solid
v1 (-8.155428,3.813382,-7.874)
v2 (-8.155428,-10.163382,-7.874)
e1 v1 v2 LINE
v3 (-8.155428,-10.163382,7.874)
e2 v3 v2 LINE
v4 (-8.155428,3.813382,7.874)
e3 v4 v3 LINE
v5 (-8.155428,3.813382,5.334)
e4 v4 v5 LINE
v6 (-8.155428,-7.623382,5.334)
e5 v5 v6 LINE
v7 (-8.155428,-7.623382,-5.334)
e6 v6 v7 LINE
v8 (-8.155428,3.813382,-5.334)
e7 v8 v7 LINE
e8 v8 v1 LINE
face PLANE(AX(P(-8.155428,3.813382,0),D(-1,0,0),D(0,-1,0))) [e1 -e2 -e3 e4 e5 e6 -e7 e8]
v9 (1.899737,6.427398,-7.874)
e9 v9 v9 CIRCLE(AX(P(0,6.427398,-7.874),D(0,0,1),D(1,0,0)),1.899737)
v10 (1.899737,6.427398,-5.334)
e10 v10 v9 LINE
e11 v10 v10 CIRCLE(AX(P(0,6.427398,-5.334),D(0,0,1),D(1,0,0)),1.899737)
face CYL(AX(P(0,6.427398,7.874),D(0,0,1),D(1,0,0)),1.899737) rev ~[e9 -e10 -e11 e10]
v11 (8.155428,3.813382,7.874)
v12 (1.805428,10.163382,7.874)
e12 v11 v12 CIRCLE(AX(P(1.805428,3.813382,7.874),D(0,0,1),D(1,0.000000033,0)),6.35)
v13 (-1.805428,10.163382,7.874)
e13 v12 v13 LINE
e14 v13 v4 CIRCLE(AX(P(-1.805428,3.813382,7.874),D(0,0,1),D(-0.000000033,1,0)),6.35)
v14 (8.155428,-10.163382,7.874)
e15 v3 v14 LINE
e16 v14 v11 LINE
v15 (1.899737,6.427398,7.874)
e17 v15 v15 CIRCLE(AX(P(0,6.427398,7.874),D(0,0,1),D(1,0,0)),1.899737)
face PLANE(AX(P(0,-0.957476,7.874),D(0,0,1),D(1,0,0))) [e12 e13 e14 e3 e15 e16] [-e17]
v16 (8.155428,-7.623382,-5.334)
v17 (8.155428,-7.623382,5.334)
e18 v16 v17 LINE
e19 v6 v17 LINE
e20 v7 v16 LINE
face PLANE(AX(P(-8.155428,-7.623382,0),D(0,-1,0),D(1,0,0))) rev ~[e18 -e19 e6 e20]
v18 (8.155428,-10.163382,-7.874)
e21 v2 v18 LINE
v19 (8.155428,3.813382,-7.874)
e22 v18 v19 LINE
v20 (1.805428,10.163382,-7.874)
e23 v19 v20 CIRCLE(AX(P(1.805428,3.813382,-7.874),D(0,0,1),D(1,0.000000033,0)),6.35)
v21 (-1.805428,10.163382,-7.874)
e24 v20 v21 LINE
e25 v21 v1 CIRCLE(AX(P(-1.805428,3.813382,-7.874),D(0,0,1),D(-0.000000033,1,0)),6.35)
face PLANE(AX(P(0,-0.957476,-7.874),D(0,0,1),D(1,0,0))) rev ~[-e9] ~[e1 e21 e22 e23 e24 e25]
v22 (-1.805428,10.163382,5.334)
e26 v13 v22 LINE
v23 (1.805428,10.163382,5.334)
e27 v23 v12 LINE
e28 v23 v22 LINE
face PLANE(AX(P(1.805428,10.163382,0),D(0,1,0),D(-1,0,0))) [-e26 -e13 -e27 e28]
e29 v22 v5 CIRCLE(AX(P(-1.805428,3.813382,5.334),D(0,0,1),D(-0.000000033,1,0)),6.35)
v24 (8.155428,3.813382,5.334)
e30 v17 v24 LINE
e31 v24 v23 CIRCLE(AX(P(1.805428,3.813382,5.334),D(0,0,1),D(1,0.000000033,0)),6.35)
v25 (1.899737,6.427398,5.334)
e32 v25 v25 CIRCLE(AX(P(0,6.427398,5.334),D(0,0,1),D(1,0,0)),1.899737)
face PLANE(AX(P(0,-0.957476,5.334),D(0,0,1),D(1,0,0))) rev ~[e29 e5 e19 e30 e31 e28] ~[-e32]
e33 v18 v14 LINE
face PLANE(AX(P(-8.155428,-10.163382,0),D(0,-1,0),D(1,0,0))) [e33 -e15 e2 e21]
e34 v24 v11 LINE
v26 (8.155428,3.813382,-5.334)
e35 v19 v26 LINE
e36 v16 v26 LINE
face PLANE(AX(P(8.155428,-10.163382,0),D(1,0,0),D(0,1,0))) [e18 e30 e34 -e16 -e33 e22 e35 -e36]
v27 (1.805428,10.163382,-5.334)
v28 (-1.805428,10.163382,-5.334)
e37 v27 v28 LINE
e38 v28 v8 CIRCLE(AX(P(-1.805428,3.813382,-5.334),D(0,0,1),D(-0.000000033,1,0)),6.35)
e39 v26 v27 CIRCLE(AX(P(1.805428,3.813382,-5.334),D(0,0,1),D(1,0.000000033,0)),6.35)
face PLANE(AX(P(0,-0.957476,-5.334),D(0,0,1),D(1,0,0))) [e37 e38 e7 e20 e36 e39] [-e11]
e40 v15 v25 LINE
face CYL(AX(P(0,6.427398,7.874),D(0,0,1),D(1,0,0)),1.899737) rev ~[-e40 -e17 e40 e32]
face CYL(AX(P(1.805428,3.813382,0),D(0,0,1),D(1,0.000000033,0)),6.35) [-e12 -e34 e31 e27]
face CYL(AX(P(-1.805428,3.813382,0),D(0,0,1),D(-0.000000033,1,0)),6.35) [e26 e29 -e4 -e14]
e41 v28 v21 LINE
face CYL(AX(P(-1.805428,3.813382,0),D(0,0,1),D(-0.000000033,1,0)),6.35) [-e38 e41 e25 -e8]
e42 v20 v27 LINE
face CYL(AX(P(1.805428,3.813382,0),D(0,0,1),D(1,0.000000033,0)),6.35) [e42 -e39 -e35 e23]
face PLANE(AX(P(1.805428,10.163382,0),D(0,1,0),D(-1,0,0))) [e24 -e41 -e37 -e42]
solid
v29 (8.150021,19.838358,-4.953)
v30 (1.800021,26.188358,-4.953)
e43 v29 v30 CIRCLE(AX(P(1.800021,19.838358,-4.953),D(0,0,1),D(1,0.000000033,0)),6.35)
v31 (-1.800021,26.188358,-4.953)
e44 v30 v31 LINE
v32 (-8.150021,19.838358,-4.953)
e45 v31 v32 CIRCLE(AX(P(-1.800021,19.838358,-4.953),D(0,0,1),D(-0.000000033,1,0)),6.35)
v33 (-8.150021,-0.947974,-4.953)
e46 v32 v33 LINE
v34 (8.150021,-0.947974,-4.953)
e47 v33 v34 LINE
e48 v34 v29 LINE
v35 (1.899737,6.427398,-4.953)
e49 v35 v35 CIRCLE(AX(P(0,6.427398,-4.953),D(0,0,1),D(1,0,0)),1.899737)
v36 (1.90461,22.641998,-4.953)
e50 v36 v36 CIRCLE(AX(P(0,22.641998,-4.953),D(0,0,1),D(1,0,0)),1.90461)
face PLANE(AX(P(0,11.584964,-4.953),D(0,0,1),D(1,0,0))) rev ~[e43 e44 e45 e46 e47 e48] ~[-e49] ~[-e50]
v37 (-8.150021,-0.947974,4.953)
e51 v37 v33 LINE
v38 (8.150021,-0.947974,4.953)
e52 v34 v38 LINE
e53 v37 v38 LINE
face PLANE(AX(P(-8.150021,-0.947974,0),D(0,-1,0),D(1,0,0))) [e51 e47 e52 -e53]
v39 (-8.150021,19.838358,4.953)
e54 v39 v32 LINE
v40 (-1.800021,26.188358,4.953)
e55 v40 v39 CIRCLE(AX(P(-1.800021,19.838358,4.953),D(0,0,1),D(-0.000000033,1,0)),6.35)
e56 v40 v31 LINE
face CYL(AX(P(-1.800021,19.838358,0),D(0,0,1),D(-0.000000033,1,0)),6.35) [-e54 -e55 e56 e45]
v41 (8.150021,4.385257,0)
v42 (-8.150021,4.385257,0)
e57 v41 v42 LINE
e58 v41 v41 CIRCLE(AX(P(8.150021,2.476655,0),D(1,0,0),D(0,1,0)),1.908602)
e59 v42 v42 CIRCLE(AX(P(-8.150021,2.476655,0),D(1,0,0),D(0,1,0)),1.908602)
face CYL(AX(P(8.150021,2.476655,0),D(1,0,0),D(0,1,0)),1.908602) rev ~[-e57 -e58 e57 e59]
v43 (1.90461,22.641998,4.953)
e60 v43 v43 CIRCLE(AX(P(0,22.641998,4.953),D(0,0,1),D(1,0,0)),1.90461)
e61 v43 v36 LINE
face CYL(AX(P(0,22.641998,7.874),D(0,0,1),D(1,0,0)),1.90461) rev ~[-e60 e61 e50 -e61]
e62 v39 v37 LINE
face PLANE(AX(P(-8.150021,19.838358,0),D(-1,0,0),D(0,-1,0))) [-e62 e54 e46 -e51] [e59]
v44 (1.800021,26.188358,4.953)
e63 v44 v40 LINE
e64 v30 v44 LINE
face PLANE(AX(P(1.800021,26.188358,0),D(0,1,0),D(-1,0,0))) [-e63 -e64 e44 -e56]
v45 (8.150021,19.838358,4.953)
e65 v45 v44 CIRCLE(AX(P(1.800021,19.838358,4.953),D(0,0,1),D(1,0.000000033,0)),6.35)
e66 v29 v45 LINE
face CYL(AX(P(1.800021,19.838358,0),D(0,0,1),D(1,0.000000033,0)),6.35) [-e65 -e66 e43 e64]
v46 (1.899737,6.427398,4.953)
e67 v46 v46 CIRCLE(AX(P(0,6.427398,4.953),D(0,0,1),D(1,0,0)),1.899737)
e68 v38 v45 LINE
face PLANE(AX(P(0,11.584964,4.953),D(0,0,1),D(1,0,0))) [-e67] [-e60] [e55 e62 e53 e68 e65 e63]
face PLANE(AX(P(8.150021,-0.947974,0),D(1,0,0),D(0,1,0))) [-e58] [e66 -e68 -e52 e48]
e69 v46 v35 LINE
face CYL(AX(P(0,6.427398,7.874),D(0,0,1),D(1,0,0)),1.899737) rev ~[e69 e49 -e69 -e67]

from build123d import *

# Parameters (mm, degrees)
F1_DEPTH      = 7.874
F1_DEPTH_BACK = 7.874
F2_T          = -2.54
F4_DEPTH      = 4.953
F4_DEPTH_BACK = 4.953
F5_R          = 1.899737
F6_DEPTH      = 17.018
F5_R_2        = 1.90461
F7_DEPTH      = 14.986
F8_R          = 1.908602
F9_DEPTH      = 17.272


with BuildPart() as f1:
    # F0 (on Top) → F1 (new body, two sides)
    with BuildSketch(Plane.XY) as f1_sk:
        with BuildLine():
            Line((-8.155428, -10.163382), (8.155428, -10.163382))
            Line((8.155428, -10.163382), (8.155428, 3.813382))
            ThreePointArc((8.155428, 3.813382), (6.295556, 8.30351), (1.805428, 10.163382))
            Line((1.805428, 10.163382), (-1.805428, 10.163382))
            ThreePointArc((-1.805428, 10.163382), (-6.295556, 8.30351), (-8.155428, 3.813382))
            Line((-8.155428, 3.813382), (-8.155428, -10.163382))
        make_face()
    extrude(amount=F1_DEPTH)
    extrude(f1_sk.sketch, amount=-F1_DEPTH_BACK)

    # F2
    f2_openings = [f1.faces().sort_by_distance(p)[0] for p in [
        (8.155428, -3.175, 0),
        (6.295556, 8.30351, 0),
        (0, 10.163382, 0),
        (-6.295556, 8.30351, 0),
        (-8.155428, -3.175, 0),
    ]]
    offset(amount=F2_T, openings=f2_openings)


with BuildPart() as f4:
    # F3 (on Top) → F4 (new body, two sides)
    with BuildSketch(Plane.XY) as f4_sk:
        with BuildLine():
            Line((-8.150021, -0.947974), (8.150021, -0.947974))
            Line((8.150021, -0.947974), (8.150021, 19.838358))
            ThreePointArc((8.150021, 19.838358), (6.290149, 24.328486), (1.800021, 26.188358))
            Line((1.800021, 26.188358), (-1.800021, 26.188358))
            ThreePointArc((-1.800021, 26.188358), (-6.290149, 24.328486), (-8.150021, 19.838358))
            Line((-8.150021, 19.838358), (-8.150021, -0.947974))
        make_face()
    extrude(amount=F4_DEPTH)
    extrude(f4_sk.sketch, amount=-F4_DEPTH_BACK)


with BuildPart() as f6_tool:
    # F5 (on face) → F6 (new body)
    with BuildSketch(Plane.XY.offset(7.874)):
        with Locations((0, 6.427398)):
            Circle(F5_R)
    extrude(amount=-F6_DEPTH)


with BuildPart() as f1_1:
    add(f1.part)

    # F6: cut by f6_tool
    add(f6_tool.part, mode=Mode.SUBTRACT)


with BuildPart() as f4_1:
    add(f4.part)

    # F6: cut by f6_tool
    add(f6_tool.part, mode=Mode.SUBTRACT)

    # F5 (on face) → F7 (cut)
    with BuildSketch(Plane.XY.offset(7.874)):
        with Locations((0, 22.641998)):
            Circle(F5_R_2)
    extrude(amount=-F7_DEPTH, mode=Mode.SUBTRACT)

    # F8 (on face) → F9 (cut)
    with BuildSketch(Plane.YZ.offset(8.150021)):
        with Locations((2.476655, 0)):
            Circle(F8_R)
    extrude(amount=-F9_DEPTH, mode=Mode.SUBTRACT)


solid = Compound([f1_1.part, f4_1.part])
